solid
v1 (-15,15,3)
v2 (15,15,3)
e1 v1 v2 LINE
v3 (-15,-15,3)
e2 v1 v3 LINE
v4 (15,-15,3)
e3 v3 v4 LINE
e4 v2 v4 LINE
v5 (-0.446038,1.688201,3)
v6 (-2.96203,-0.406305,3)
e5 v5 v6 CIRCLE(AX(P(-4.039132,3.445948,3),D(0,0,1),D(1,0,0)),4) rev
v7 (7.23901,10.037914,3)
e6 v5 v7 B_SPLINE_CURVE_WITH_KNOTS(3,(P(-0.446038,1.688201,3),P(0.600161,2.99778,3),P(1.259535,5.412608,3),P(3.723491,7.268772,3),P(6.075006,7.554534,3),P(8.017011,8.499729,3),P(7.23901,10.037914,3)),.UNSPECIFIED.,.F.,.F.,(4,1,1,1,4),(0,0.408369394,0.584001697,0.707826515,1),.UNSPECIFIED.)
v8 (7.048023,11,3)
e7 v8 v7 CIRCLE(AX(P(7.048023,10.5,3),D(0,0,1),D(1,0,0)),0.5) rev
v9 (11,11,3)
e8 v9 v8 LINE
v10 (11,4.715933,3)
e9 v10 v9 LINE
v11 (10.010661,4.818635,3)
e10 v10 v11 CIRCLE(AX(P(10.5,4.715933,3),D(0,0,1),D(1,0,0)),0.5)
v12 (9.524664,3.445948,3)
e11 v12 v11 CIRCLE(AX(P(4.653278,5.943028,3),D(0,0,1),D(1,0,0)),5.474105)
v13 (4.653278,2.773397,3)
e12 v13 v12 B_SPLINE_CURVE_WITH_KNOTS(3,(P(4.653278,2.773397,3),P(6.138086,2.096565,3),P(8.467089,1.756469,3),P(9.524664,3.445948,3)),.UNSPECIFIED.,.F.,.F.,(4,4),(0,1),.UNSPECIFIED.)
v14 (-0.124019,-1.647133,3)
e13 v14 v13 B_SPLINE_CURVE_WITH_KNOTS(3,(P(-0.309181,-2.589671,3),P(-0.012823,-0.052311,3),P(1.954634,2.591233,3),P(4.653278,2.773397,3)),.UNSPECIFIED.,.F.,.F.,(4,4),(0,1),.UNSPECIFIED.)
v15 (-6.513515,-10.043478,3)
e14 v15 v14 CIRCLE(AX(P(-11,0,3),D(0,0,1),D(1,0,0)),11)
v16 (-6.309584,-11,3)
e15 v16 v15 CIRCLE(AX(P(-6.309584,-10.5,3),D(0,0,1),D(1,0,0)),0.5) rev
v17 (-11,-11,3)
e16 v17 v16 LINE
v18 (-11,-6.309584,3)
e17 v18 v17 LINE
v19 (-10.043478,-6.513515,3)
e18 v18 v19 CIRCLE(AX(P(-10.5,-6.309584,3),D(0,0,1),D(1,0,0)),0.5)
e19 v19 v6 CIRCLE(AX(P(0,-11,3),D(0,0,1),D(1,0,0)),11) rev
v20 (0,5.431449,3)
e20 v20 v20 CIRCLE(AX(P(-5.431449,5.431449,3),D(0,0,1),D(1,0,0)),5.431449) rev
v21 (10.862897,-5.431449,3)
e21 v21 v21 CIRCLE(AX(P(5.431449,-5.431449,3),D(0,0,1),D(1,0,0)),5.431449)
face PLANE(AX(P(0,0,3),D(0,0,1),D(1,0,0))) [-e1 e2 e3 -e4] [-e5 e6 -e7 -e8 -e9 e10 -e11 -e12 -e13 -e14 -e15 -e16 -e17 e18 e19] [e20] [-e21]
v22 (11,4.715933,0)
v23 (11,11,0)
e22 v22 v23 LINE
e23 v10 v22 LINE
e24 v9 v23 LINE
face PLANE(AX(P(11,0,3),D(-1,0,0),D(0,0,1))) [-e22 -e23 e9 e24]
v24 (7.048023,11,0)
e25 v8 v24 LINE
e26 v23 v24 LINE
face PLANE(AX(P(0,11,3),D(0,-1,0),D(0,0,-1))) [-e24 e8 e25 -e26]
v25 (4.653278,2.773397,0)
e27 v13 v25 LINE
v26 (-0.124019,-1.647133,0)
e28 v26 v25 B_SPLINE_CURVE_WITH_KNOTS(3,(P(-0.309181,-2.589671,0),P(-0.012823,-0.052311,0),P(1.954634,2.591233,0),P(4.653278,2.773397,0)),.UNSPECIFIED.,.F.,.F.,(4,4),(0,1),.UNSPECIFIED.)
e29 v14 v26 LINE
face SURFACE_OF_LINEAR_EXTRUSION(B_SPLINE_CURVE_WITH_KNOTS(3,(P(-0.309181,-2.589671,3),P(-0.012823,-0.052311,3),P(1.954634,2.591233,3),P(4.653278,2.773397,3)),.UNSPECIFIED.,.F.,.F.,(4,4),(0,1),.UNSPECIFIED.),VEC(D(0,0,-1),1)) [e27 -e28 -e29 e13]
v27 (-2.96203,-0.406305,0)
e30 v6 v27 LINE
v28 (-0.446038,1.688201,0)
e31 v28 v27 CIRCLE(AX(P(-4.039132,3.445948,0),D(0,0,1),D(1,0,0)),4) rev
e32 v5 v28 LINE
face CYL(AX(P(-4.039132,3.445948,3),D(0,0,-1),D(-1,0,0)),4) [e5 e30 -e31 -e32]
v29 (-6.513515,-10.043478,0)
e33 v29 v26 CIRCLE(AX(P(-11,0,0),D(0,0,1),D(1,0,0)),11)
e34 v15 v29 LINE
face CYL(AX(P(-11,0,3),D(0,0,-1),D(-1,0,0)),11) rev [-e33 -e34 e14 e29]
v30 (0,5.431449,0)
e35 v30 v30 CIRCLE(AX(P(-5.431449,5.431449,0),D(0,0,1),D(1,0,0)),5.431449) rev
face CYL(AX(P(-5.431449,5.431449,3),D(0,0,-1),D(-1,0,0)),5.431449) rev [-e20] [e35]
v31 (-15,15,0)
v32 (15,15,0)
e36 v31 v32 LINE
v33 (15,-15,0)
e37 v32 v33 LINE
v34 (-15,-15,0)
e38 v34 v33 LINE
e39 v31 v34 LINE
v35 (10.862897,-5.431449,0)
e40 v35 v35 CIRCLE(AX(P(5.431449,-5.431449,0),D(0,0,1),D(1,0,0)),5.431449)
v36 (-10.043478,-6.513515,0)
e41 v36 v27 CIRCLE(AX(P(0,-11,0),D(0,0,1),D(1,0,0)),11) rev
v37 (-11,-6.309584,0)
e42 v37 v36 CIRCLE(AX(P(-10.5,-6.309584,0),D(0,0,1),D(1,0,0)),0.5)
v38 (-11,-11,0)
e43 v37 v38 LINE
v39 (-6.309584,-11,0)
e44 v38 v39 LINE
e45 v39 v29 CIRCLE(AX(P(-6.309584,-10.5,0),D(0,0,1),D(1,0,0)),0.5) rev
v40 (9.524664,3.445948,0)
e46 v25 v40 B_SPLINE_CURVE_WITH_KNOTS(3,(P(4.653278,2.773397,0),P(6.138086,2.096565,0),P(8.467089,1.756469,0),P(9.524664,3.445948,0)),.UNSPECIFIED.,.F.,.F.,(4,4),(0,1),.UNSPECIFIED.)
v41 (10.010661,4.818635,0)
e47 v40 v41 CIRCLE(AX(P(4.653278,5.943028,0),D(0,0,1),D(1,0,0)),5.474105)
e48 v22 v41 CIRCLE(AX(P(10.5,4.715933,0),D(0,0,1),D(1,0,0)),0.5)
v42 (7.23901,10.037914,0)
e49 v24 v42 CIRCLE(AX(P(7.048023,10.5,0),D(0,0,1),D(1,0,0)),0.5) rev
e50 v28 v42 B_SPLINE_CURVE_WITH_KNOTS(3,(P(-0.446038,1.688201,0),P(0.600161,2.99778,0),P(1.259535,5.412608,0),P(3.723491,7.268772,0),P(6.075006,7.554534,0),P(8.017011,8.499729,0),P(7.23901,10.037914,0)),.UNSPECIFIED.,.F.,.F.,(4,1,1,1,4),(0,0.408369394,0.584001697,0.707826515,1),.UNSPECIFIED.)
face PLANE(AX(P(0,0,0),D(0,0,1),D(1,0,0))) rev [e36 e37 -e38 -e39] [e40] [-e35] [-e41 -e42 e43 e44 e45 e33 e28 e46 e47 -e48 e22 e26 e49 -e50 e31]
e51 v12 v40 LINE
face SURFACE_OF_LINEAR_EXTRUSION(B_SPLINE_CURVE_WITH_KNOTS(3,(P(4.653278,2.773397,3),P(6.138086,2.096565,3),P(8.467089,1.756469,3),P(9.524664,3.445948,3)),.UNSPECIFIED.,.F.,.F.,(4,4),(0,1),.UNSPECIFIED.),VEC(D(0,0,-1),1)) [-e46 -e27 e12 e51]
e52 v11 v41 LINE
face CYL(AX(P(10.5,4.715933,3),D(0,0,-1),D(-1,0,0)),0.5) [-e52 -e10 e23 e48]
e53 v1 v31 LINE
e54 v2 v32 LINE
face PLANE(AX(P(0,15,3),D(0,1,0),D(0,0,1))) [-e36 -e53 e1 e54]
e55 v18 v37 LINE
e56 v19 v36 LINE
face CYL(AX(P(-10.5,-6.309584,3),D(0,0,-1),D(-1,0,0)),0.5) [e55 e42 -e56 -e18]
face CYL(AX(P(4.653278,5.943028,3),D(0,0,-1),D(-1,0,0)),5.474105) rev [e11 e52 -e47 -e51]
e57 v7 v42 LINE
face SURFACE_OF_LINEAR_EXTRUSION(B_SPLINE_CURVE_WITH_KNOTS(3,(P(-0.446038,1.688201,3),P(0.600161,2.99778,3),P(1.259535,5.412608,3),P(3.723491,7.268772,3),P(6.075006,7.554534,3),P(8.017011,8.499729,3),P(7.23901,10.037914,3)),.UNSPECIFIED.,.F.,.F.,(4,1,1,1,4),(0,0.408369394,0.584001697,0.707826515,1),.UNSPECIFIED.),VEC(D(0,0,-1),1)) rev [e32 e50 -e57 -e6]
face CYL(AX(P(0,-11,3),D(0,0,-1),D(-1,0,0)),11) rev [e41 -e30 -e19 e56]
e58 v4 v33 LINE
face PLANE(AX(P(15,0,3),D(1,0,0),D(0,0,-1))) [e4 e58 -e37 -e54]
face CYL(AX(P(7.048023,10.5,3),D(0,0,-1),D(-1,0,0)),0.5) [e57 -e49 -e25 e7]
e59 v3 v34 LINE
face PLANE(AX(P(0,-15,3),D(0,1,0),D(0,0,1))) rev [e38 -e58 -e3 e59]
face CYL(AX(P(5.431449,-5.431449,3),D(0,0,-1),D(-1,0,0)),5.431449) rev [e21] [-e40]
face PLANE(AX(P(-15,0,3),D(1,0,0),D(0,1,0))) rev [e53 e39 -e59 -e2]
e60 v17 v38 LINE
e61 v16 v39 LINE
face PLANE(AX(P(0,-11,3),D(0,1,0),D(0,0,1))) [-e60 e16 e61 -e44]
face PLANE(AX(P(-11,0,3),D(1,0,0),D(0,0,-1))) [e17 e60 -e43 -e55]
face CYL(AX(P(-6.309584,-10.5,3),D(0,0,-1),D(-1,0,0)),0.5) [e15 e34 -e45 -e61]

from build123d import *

# Parameters (mm, degrees)
CROQUIS1_W              = 30
CROQUIS1_H              = 30
CROQUIS1_R              = 5.43144852
SALIENTE_EXTRUIR1_DEPTH = 3


with BuildPart() as part:
    # Croquis1 → Saliente-Extruir1 (new body)
    with BuildSketch(Plane.XY):
        Rectangle(CROQUIS1_W, CROQUIS1_H)
        with Locations((5.43144852, -5.43144852)):
            Circle(CROQUIS1_R, mode=Mode.SUBTRACT)
        with BuildLine():
            Line((-11, -11), (-11, -6.30958424))
            ThreePointArc((-11, -6.30958424), (-10.604257207, -6.798593887), (-10.043478261, -6.51351536))
            ThreePointArc((-10.043478261, -6.51351536), (-7.184032198, -2.669953099), (-2.962030371, -0.40630489))
            ThreePointArc((-2.962030371, -0.40630489), (-1.479948679, 0.371768463), (-0.44603831, 1.688200624))
            add(Edge.make_bspline(
                [(-0.44603831, 1.688200624), (0.600161472, 2.997780482), (1.259535405, 5.412607882), (3.723491408, 7.268772296), (6.075005948, 7.554534112), (8.017011232, 8.499729242), (7.239010254, 10.03791357)],
                knots=[0, 0, 0, 0, 0.408369394, 0.584001697, 0.707826515, 1, 1, 1, 1], degree=3))
            ThreePointArc((7.239010254, 10.03791357), (7.538453023, 10.597357036), (7.048023, 11))
            Line((7.048023, 11), (11, 11))
            Line((11, 11), (11, 4.715933429))
            ThreePointArc((11, 4.715933429), (10.551626523, 5.213260989), (10.010661191, 4.8186346))
            ThreePointArc((10.010661191, 4.8186346), (9.813510438, 4.116058971), (9.524664361, 3.445947877))
            add(Edge.make_bspline(
                [(4.653277623, 2.773397026), (6.138085687, 2.096565381), (8.467088589, 1.756469214), (9.524664361, 3.445947877)],
                knots=[0, 0, 0, 0, 1, 1, 1, 1], degree=3))
            add(Edge.make_bspline(
                [(-0.124019497, -1.647133295), (0.48560807, 0.564599921), (2.28878007, 2.613788972), (4.653277623, 2.773397026)],
                knots=[0.123819996, 0.123819996, 0.123819996, 0.123819996, 1, 1, 1, 1], degree=3))
            ThreePointArc((-0.124019497, -1.647133295), (-0.206307312, -2.120424053), (-0.309181236, -2.589670665))
            ThreePointArc((-0.309181236, -2.589670665), (-2.545566455, -7.037226259), (-6.51351536, -10.043478261))
            ThreePointArc((-6.51351536, -10.043478261), (-6.798593887, -10.604257207), (-6.30958424, -11))
            Line((-6.30958424, -11), (-11, -11))
        make_face(mode=Mode.SUBTRACT)
        with Locations((-5.43144852, 5.43144852)):
            Circle(CROQUIS1_R, mode=Mode.SUBTRACT)
    extrude(amount=SALIENTE_EXTRUIR1_DEPTH)


solid = part.part
